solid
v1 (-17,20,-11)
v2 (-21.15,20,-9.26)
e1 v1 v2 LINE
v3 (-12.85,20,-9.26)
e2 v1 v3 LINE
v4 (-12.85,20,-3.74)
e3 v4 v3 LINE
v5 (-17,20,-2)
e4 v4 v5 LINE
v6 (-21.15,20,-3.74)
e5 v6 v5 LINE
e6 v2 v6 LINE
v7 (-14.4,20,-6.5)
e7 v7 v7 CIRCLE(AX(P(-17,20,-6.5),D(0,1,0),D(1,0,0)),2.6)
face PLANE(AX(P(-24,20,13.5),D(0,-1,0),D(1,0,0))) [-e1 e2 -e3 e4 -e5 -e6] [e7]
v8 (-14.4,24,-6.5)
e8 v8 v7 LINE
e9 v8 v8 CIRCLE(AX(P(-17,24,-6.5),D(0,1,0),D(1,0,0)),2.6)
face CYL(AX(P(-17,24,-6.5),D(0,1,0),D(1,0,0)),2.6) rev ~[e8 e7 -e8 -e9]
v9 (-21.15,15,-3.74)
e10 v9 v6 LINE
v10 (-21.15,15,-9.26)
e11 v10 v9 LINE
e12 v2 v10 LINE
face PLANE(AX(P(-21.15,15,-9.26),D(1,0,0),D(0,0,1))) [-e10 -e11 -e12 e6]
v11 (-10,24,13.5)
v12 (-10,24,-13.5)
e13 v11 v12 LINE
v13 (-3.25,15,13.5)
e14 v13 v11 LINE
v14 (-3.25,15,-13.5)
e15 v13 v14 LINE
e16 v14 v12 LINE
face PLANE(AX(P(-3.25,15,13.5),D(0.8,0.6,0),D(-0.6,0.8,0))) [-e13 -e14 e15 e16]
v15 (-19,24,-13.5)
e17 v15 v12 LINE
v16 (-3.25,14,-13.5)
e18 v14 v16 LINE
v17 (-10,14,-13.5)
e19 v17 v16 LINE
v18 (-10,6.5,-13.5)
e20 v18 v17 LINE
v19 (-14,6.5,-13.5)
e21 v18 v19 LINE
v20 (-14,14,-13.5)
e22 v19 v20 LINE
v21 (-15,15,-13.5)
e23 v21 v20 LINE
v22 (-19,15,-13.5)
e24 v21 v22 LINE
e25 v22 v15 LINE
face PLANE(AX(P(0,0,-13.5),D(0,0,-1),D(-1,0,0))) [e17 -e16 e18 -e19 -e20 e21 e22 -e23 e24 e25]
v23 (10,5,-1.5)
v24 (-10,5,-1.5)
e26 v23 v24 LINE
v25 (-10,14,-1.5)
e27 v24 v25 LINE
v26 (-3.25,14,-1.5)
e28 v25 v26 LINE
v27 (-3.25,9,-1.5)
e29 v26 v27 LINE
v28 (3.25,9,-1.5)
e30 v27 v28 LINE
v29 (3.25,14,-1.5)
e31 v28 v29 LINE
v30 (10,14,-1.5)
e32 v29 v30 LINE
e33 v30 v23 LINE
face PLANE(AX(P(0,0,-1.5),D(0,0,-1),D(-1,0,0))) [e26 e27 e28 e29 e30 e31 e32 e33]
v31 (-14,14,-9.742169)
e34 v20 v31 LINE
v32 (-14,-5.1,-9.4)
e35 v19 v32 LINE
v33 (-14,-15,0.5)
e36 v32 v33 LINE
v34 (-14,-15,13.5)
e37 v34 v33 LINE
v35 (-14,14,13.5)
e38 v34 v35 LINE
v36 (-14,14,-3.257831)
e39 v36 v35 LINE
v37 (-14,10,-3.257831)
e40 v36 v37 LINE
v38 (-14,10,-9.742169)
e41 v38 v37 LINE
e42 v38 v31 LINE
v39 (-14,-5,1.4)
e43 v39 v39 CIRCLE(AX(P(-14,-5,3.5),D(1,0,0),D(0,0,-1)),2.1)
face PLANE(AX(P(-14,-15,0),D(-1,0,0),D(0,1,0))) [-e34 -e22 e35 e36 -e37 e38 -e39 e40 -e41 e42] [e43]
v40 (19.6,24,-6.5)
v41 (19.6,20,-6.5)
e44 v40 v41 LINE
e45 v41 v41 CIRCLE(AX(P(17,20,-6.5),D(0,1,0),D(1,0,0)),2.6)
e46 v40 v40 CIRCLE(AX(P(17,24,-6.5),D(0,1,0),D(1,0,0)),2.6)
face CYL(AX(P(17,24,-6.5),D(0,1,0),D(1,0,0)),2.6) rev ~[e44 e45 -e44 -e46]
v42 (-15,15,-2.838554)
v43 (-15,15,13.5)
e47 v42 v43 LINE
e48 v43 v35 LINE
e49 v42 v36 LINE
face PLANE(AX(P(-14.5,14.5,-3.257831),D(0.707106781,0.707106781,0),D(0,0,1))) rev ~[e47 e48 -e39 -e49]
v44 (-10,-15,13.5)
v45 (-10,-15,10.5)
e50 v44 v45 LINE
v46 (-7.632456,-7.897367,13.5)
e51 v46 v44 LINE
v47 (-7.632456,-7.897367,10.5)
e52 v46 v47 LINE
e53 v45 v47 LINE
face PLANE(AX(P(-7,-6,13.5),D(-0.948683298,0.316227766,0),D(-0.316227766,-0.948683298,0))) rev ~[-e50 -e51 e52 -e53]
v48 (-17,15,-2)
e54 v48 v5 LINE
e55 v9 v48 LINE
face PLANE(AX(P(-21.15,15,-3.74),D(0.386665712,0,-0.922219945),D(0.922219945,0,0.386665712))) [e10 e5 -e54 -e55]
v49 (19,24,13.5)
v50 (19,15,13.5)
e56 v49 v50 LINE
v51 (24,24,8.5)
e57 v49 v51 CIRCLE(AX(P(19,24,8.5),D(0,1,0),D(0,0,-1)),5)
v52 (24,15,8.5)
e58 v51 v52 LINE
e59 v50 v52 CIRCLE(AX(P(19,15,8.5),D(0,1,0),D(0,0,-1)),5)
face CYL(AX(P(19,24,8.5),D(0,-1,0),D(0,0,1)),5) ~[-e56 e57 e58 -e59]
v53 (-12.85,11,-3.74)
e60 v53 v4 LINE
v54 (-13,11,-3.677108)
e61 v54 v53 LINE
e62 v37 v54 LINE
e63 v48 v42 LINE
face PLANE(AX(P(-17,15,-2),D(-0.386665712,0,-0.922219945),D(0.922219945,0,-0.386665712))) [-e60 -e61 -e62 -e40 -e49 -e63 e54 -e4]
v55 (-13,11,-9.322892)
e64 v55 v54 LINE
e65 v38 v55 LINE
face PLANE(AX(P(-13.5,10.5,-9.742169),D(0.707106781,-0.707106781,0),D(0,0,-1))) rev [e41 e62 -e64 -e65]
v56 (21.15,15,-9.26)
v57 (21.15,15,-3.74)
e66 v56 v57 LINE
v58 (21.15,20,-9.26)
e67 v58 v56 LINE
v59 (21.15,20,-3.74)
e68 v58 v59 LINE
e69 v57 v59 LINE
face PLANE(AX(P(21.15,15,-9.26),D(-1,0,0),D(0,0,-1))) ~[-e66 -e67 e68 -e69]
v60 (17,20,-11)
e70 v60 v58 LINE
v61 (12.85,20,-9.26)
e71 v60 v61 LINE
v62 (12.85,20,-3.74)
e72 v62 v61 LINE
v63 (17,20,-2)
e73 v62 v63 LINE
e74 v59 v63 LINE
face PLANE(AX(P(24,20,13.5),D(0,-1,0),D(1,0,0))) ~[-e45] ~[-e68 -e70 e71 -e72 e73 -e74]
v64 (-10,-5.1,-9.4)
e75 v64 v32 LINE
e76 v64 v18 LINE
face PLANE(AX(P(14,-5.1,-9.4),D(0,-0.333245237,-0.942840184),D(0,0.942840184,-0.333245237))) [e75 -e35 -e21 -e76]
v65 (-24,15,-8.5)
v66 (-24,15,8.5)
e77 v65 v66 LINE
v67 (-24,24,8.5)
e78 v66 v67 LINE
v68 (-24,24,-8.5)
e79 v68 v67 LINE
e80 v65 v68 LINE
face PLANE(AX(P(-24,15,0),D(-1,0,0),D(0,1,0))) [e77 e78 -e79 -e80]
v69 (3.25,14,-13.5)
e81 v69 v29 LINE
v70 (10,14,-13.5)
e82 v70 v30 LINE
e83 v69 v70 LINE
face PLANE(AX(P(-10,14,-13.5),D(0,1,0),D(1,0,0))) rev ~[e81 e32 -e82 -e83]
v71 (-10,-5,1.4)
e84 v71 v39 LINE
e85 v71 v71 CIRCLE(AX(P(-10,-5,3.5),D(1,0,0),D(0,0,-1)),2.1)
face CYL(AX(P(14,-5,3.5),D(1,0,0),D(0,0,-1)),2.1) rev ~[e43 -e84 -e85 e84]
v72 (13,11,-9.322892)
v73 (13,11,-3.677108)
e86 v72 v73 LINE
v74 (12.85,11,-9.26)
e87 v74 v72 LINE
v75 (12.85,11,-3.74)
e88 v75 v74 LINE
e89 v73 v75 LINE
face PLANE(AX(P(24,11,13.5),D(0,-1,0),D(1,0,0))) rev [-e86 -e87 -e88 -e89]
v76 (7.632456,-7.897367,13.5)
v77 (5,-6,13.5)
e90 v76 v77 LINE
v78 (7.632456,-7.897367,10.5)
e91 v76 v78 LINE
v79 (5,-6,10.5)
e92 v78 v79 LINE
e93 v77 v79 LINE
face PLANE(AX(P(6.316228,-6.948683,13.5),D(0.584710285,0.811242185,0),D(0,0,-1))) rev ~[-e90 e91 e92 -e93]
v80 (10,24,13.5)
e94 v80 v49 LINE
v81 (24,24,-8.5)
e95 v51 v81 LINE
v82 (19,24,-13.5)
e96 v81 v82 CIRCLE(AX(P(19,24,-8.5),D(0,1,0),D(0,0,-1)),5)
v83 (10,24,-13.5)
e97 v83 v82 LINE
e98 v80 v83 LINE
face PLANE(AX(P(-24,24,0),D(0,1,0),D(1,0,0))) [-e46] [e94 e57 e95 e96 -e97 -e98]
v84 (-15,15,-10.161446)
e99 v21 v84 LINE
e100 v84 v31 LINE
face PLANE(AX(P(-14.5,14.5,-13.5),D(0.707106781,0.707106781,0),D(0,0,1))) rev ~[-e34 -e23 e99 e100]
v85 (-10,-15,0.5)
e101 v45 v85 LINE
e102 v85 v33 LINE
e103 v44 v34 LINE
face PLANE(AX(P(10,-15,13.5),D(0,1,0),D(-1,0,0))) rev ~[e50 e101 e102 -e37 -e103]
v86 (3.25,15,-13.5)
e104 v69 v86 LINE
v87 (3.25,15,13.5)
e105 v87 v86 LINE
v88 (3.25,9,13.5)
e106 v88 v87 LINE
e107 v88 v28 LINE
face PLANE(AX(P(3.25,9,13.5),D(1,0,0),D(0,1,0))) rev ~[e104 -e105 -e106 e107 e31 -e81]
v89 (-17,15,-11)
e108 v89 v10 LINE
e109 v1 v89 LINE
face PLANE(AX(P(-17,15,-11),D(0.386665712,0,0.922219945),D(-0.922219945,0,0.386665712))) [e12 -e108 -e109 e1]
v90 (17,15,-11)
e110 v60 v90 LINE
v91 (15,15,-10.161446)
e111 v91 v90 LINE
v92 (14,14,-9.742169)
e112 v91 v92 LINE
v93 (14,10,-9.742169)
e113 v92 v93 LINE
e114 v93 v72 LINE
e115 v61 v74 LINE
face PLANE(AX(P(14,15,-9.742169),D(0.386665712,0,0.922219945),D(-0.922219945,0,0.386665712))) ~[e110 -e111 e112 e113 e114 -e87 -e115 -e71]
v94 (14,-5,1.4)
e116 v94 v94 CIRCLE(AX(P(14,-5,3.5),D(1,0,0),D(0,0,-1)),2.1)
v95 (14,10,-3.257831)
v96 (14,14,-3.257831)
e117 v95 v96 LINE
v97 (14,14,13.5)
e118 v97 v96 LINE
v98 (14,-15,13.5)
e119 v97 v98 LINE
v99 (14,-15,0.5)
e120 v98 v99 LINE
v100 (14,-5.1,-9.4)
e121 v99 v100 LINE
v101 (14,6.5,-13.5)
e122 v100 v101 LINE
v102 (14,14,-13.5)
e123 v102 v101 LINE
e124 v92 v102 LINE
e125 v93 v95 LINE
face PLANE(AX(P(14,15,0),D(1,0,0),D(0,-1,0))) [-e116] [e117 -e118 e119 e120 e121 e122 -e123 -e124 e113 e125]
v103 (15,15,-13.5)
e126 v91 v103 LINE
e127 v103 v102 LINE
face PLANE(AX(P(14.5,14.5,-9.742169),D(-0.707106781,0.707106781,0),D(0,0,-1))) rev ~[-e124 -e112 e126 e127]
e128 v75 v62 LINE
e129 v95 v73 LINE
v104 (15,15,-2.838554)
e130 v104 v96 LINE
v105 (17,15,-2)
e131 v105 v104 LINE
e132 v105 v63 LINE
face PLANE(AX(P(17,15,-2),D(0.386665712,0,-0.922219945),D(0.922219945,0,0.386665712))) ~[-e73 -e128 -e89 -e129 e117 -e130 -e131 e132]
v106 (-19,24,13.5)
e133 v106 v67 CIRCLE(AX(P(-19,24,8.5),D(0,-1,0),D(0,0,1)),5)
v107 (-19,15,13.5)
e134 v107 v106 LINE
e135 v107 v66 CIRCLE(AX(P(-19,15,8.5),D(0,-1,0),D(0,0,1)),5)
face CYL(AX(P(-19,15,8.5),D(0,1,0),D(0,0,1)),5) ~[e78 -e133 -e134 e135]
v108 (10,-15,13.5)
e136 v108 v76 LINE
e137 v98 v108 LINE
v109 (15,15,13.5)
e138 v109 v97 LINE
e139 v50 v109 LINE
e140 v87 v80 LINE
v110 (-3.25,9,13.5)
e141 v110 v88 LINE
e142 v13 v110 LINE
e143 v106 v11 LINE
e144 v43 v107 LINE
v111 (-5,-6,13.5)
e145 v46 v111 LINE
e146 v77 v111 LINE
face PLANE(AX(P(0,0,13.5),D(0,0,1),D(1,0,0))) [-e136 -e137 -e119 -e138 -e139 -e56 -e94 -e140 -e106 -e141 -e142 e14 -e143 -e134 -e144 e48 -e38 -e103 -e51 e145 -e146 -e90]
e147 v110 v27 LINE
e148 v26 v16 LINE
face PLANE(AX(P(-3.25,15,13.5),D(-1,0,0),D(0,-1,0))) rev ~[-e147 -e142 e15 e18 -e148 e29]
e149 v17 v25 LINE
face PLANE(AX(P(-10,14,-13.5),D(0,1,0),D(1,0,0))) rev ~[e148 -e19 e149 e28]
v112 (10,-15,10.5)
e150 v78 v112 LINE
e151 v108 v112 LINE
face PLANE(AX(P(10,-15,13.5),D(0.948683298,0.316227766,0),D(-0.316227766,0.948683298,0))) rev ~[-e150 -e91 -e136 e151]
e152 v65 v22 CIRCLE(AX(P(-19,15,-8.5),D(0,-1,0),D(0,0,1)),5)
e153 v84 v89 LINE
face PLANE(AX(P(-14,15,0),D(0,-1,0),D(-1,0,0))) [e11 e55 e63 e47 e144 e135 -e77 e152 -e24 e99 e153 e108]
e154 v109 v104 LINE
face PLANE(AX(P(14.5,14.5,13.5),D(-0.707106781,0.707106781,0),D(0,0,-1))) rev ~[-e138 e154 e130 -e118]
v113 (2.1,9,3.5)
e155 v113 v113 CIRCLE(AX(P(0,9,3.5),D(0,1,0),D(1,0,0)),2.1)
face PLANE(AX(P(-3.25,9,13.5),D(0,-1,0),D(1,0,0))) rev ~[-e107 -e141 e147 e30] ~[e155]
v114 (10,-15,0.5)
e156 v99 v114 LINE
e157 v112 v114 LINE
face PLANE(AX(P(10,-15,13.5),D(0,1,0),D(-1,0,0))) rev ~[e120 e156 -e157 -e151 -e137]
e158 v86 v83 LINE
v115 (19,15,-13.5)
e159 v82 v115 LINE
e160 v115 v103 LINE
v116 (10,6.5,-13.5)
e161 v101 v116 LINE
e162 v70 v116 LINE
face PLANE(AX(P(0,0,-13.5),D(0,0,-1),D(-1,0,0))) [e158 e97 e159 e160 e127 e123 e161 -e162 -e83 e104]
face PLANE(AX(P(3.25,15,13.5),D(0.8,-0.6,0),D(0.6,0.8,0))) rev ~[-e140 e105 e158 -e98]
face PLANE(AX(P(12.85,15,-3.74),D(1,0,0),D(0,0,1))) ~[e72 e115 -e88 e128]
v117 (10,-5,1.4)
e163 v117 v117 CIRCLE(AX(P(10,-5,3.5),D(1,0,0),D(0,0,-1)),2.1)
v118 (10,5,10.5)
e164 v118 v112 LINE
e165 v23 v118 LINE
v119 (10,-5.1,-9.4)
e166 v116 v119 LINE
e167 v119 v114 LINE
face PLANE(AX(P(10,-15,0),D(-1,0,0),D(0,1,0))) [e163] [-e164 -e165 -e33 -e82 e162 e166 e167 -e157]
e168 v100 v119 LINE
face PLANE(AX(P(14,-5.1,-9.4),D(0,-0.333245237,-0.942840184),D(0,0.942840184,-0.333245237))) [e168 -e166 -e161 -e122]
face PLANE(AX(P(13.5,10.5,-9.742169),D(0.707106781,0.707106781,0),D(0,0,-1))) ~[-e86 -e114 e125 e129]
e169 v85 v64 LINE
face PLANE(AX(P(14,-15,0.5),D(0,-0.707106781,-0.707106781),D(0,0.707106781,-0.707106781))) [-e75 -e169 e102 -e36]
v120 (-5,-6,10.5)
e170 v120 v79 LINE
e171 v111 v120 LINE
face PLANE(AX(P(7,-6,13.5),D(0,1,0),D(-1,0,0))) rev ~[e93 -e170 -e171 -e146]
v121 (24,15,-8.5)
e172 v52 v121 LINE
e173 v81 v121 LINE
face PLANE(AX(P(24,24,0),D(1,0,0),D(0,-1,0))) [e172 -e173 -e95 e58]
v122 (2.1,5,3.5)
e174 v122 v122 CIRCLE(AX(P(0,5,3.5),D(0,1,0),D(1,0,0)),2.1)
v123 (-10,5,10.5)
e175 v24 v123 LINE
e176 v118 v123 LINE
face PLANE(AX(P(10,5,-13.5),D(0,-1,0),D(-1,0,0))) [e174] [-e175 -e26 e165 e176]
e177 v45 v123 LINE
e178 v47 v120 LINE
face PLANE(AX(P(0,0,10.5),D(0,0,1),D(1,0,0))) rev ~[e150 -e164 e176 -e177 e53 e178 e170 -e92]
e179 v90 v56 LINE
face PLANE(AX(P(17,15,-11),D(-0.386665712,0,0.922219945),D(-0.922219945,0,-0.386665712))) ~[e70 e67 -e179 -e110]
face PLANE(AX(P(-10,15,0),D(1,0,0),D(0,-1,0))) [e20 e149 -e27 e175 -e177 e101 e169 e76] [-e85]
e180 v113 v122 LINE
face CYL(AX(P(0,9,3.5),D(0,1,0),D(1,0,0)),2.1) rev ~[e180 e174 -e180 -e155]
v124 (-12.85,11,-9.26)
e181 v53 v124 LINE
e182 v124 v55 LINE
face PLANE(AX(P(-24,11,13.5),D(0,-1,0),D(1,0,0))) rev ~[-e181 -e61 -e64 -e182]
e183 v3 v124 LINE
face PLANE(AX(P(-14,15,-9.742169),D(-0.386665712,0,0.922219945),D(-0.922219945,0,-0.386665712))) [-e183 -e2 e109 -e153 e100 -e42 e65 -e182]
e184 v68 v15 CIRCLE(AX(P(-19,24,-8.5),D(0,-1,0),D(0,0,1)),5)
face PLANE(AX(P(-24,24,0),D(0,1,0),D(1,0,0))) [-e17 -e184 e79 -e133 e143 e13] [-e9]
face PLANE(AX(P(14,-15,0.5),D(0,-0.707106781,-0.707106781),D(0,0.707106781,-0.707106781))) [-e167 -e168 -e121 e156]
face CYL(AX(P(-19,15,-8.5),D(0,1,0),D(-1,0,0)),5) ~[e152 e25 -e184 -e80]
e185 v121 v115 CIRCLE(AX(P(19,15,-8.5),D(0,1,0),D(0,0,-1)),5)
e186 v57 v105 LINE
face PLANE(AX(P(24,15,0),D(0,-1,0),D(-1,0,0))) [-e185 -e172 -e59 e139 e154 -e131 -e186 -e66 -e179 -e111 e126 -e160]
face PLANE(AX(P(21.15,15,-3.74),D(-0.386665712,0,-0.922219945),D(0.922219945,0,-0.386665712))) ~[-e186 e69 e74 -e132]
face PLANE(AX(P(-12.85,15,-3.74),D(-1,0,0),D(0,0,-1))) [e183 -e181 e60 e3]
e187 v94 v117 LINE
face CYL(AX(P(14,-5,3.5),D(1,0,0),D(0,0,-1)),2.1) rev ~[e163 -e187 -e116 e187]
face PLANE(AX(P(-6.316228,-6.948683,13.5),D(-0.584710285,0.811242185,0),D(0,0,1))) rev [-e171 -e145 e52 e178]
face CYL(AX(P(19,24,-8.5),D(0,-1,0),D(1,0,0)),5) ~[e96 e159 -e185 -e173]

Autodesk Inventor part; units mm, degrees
ref_plane "YZ Plane" through (0, 0, 0) normal (1, 0, 0) x (0, 1, 0)
ref_plane "XZ Plane" through (0, 0, 0) normal (0, 1, 0) x (-1, 0, 0)
ref_plane "XY Plane" through (0, 0, 0) normal (0, 0, 1) x (1, 0, 0)
sketch "Sketch1" plane through (0, 0, 0) normal (0, 0, 1) x (1, 0, 0)
  line L0 (-24, 24) -> (24, 24)
  line L1 (24, 24) -> (24, 15)
  line L2 (24, 15) -> (14, 15)
  line L3 (14, 15) -> (14, -15)
  line L4 (14, -15) -> (10, -15)
  line L5 (10, -15) -> (10, 15)
  line L6 (10, 15) -> (-10, 15)
  line L7 (-10, 15) -> (-10, -15)
  line L8 (-10, -15) -> (-14, -15)
  line L9 (-14, -15) -> (-14, 15)
  line L10 (-14, 15) -> (-24, 15)
  line L11 (-24, 15) -> (-24, 24)
  point P0 (0, 0)
  point P1 (0, 24)
  point P2 (0, 15)
  point P3 (10, 0)
  dimension "d0" = 20
  dimension "d1" = 30
  dimension "d2" = 4
  dimension "d3" = 4
  dimension "d4" = 10
  dimension "d5" = 9
extrude "Extrusion1" add sketch "Sketch1" along normal mid plane 27
sketch "Sketch2" plane through (-24, 24, 13.5) normal (0, 1, 0) x (1, 0, 0)
  circle A0 centre (7, 20) radius 2.6
  circle A1 centre (41, 20) radius 2.6
  line L0 (0, 27) -> (0, 0) projected
  line L1 (48, 0) -> (48, 27) projected
  line L2 (0, 27) -> (48, 27) projected
  point P0 (24, 13.5)
  dimension "d8" = 5.2
  dimension "d9" = 7
  dimension "d10" = 7
  dimension "d52" = 7
extrude "Extrusion2" cut sketch "Sketch2" against normal up to next
sketch "Sketch3" plane through (-24, 15, 13.5) normal (0, -1, 0) x (1, 0, 0)
  circle A0 centre (7, -20) radius 2.6 projected
  circle A1 centre (41, -20) radius 2.6 projected
  line L0 (2.85, -22.76) -> (2.85, -17.24)
  line L1 (2.85, -17.24) -> (7, -15.5)
  line L2 (7, -15.5) -> (11.15, -17.24)
  line L3 (11.15, -17.24) -> (11.15, -22.76)
  line L4 (10, 0) -> (10, -27) projected
  line L5 (11.15, -22.76) -> (7, -24.5)
  line L6 (7, -24.5) -> (2.85, -22.76)
  point P0 (24, -13.5)
  point P1 (2.85, -20)
  dimension "d13" = 8.3
  dimension "d22" = 9
  dimension "d23" = 8.3
extrude "Extrusion3" cut sketch "Sketch3" against normal blind 5 and the other way blind 4 contours A0 | L0 L1 L2 L4 L5 L6 | L4 L2 L3 L5
mirror "Mirror1" about plane through (0, 0, 0) normal (1, 0, 0) of "Extrusion3"
sketch "Sketch4" plane through (14, -15, 13.5) normal (1, 0, 0) x (0, 0, -1)
  circle A0 centre (10, 10) radius 2.1
  line L0 (0, 0) -> (27, 0) projected
  point P0 (13.5, 15)
  point P1 (13.5, 0)
  point P2 (13.5, 0)
  dimension "d24" = 4.2
  dimension "d25" = 10
extrude "Extrusion4" cut sketch "Sketch4" against normal up to surface (28 mm away)
fillet "Fillet1" radius 5 4 edges at (-24, 19.5, 13.5) (-24, 19.5, -13.5) (24, 19.5, 13.5) (24, 19.5, -13.5)
chamfer "Chamfer1" distance 1 angle 45 6 edges at (-14, 15, 5.1211) (-14, 11, -6.5) (-14, 15, -11.6211) (14, 15, 5.1211) (14, 11, -6.5) (14, 15, -11.6211)
sketch "Sketch8" plane through (0, 0, 13.5) normal (0, 0, 1) x (1, 0, 0)
  line L0 (-10, 15) -> (10, 15)
  line L1 (10, 15) -> (10, -15)
  line L2 (10, -15) -> (-10, -15)
  line L3 (-10, -15) -> (-10, 15)
  point P0 (0, 0)
extrude "Extrusion7" add sketch "Sketch8" against normal blind 3
sketch "Sketch9" plane through (0, 0, -13.5) normal (0, 0, -1) x (-1, 0, 0)
  line L0 (-10, 5) -> (10, 5)
  line L1 (10, -15) -> (14, -15) projected
  line L2 (-10, 5) -> (-10, 15)
  line L3 (-10, 15) -> (10, 15)
  line L4 (10, 15) -> (10, 5)
  point P0 (0, 0)
  dimension "d44" = 20
extrude "Extrusion8" add sketch "Sketch9" against normal up to surface (24 mm away)
sketch "Sketch6" plane through (0, 0, 13.5) normal (0, 0, 1) x (1, 0, 0)
  line L0 (-3.25, 15) -> (3.25, 15)
  line L1 (3.25, 15) -> (10, 24)
  line L2 (24, 24) -> (-24, 24) projected
  line L3 (-3.25, 15) -> (-10, 24)
  line L4 (-10, 24) -> (10, 24)
  line L5 (-14, -15) -> (-10, -15) projected
  line L6 (-10, 5) -> (10, 5) projected
  line L7 (-3.25, 15) -> (-3.25, 9)
  line L8 (-3.25, 9) -> (3.25, 9)
  line L9 (3.25, 9) -> (3.25, 15)
  point P0 (0, 0)
  point P1 (0, 15)
  point P2 (0, 24)
  point P3 (-10, 15)
  point P4 (0, 24)
  point P5 (0, 24)
  dimension "d29" = 6.5
  dimension "d30" = 20
  dimension "d47" = 9
  dimension "d48" = 4
extrude "Extrusion5" cut sketch "Sketch6" against normal up to surface (27 mm away)
sketch "Sketch11" plane through (-3.25, 9, 13.5) normal (0, 1, 0) x (1, 0, 0)
  line L0 (13.25, 7.9) -> (13.25, 12.1) projected
  line L1 (17.25, 12.1) -> (17.25, 7.9) projected
  circle A0 centre (3.25, 10) radius 2.1
  point P0 (3.25, 13.5)
  point P1 (17.25, 10)
  dimension "d49" = 4.2
extrude "Extrusion9" cut sketch "Sketch11" against normal up to next
sketch "Sketch12" plane through (0, 0, -13.5) normal (0, 0, -1) x (-1, 0, 0)
  line L0 (-10, 5) -> (10, 5)
  line L1 (10, 5) -> (10, 14)
  line L2 (10, 14) -> (-10, 14)
  line L3 (-10, 14) -> (-10, 5)
  point P0 (0, 0)
  point P1 (-10, -15)
  point P2 (10, -15)
  dimension "d53" = 9
extrude "Extrusion10" cut sketch "Sketch12" against normal blind 12
sketch "Sketch13" plane through (14, -15, 13.5) normal (1, 0, 0) x (0, 0, -1)
  line L0 (3, 0) -> (27, 0) projected
  line L1 (13, 0) -> (27, 14)
  line L2 (27, 29) -> (27, 0) projected
  line L3 (22.9, 9.9) -> (27, 21.5)
  point P0 (13.5, 15)
  dimension "d58" = 45
  dimension "d59" = 14
  dimension "d62" = 7.5
  dimension "d63" = 4.1
extrude "Extrusion11" cut sketch "Sketch13" against normal through all
sketch "Sketch14" plane through (0, 0, 13.5) normal (0, 0, 1) x (1, 0, 0)
  line L0 (10, -15) -> (7, -6)
  line L1 (7, -6) -> (-7, -6)
  line L2 (-7, -6) -> (-10, -15)
  line L3 (-14, -15) -> (14, -15) projected
  point P0 (0, 0)
  dimension "d64" = 3
  dimension "d65" = 3
  dimension "d66" = 9
extrude "Extrusion12" cut sketch "Sketch14" against normal up to next
chamfer "Chamfer2" distance 2 angle 45 2 edges at (7, -6, 12) (-7, -6, 12)
equation "\"d3\" = d2"
equation "\"d65\" = d64"
properties part number "holder-GT2-x-carriage-left"
